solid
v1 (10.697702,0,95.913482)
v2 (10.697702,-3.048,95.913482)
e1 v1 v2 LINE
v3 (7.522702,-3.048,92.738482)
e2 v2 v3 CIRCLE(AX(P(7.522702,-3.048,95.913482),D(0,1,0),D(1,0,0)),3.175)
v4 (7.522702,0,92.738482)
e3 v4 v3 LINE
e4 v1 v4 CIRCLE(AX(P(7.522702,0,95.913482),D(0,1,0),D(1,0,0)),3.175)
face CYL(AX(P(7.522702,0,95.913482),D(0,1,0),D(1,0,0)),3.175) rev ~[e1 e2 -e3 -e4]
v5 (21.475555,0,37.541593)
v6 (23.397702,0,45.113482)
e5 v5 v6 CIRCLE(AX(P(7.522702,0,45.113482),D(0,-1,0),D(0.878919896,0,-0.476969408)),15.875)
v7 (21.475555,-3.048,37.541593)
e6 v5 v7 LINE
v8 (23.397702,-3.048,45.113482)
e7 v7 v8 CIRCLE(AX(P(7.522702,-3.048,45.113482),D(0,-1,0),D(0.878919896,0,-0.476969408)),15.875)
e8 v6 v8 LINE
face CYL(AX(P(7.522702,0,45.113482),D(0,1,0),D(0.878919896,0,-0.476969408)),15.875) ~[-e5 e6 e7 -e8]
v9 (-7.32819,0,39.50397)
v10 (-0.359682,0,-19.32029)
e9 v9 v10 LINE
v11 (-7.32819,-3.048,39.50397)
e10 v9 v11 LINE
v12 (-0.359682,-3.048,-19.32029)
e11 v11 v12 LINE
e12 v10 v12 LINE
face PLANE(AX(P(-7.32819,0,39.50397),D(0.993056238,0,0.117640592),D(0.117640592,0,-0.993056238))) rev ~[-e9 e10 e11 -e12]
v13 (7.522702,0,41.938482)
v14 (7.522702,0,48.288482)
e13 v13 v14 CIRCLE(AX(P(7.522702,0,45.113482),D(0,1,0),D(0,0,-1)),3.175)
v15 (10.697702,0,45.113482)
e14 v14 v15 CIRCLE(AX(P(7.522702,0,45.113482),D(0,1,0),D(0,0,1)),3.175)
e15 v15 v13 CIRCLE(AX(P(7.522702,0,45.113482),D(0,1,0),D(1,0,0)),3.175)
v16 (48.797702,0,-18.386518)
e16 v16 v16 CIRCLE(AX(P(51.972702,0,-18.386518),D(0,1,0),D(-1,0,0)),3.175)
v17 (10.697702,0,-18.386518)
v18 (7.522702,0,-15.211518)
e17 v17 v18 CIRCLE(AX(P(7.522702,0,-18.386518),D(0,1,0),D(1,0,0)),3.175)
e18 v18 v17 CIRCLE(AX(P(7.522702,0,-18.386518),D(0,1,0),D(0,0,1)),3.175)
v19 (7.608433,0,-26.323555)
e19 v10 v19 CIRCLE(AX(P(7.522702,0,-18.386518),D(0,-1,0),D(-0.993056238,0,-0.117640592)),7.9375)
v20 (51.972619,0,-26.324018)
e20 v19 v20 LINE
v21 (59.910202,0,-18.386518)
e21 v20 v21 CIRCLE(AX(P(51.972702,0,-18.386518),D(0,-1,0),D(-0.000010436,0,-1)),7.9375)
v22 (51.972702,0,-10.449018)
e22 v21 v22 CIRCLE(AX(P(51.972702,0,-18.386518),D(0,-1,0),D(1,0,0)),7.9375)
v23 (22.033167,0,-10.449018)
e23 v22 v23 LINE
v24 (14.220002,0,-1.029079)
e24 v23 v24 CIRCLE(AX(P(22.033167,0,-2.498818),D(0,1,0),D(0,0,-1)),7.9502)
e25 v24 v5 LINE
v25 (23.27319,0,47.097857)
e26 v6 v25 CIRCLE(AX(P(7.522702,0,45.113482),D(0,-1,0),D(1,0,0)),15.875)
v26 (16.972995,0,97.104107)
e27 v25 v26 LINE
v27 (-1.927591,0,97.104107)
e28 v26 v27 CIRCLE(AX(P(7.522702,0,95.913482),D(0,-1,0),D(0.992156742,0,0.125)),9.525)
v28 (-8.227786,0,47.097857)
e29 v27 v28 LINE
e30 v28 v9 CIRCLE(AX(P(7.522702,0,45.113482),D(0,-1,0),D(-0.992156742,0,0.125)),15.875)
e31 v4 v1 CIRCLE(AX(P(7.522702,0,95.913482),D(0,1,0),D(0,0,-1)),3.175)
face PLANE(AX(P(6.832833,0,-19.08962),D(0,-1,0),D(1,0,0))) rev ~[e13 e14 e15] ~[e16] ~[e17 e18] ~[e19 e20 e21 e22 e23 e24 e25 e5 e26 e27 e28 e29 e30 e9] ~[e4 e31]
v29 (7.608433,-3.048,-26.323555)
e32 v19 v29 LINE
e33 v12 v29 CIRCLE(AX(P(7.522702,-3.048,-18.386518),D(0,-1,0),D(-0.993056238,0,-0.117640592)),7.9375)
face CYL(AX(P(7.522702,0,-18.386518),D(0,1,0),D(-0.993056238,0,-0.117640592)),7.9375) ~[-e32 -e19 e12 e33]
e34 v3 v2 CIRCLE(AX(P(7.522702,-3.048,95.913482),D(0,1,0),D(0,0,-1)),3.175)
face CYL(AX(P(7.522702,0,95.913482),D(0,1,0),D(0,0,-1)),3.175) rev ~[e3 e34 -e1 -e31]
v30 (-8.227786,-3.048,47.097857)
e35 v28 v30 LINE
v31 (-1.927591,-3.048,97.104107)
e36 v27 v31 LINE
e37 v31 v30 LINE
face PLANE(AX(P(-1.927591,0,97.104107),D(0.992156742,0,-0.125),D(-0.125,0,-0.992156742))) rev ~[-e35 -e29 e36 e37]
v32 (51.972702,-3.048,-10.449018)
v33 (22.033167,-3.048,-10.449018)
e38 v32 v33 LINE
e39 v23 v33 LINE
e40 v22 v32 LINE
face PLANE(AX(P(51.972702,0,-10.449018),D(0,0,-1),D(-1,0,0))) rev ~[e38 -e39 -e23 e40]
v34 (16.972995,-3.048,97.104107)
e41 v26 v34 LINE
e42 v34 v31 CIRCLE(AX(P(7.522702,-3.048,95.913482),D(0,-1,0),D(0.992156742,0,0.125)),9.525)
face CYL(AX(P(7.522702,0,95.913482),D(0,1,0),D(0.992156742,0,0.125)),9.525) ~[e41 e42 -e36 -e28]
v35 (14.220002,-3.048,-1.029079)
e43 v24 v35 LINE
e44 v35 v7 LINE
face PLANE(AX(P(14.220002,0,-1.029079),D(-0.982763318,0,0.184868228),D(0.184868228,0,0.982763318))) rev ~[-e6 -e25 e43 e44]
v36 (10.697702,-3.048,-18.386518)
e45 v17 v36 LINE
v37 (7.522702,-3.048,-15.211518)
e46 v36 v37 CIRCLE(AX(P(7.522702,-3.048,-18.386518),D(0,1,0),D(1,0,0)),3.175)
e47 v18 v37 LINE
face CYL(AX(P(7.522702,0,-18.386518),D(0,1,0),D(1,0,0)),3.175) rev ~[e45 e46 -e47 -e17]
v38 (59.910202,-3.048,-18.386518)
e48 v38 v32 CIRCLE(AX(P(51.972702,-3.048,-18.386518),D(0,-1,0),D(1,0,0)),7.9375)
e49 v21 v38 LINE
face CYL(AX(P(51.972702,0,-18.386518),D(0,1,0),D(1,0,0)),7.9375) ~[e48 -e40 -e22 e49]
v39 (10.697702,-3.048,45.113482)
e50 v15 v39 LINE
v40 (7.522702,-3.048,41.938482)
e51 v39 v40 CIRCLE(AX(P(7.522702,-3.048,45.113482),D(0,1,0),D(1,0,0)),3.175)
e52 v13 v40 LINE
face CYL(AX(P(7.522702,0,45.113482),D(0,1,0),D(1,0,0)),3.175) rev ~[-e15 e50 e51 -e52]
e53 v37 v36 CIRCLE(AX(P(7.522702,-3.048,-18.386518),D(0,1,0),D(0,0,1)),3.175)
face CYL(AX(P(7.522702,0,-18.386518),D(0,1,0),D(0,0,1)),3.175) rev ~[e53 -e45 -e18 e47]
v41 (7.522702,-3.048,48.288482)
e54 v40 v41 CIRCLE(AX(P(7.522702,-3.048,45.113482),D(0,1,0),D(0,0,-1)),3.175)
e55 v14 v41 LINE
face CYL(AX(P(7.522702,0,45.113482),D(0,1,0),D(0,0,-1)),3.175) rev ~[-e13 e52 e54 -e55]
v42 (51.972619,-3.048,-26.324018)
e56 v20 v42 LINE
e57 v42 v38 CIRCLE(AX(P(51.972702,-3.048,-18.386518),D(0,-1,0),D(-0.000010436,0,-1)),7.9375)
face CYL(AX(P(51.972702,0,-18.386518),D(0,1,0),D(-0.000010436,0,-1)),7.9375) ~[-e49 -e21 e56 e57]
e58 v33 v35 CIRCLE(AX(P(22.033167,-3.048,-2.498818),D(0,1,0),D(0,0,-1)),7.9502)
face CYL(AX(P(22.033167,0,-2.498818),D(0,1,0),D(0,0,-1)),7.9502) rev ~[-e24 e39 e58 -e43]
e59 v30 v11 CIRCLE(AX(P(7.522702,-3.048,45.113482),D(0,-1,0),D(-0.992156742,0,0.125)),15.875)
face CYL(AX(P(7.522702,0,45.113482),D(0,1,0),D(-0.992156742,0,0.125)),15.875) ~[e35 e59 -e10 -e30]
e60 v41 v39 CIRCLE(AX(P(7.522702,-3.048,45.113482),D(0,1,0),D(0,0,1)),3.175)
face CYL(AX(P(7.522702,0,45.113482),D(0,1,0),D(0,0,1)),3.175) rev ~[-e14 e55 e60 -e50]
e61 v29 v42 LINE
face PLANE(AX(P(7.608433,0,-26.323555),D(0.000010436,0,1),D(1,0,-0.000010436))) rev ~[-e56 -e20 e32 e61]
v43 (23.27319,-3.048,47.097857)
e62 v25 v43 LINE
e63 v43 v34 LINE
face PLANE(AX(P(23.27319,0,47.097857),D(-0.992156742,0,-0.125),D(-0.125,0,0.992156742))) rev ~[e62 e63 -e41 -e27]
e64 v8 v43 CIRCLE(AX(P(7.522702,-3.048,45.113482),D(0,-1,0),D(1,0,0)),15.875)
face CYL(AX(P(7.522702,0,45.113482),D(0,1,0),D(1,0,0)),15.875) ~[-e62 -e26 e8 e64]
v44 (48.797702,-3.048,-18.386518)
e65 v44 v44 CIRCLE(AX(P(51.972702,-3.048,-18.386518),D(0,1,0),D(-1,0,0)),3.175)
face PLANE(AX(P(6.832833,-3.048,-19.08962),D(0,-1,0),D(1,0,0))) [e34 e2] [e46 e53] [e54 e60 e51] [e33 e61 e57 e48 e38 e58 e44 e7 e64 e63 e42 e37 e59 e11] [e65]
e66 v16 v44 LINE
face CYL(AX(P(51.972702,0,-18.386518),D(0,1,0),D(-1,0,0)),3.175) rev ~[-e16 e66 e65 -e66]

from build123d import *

# Parameters (mm, degrees)
F1_DEPTH = 3.048


with BuildPart() as f1:
    # F0 (on Front) → F1 (new body)
    with BuildSketch(Plane.XZ):
        with BuildLine():
            ThreePointArc((7.5227019244, -10.4490181237), (1.5890806412, -13.1143226875), (-0.3596819621, -19.3202903209))
            ThreePointArc((-0.3596819621, -19.3202903209), (2.2826274956, -24.3485250199), (7.6084325525, -26.3235551344))
            ThreePointArc((7.6084325525, -26.3235551344), (13.16559095, -23.9687855568), (15.4602019244, -18.3865181237))
            Line((15.4602019244, -18.3865181237), (10.6977019244, -18.3865181237))
            ThreePointArc((10.6977019244, -18.3865181237), (5.2776378942, -20.631582154), (7.5227019244, -15.2115181237))
            Line((7.5227019244, -15.2115181237), (7.5227019244, -10.4490181237))
        make_face()
        with BuildLine():
            Line((14.2200019541, -1.0290787363), (21.4755552782, 37.5415925289))
            ThreePointArc((21.4755552782, 37.5415925289), (15.6409493218, 31.4712795543), (7.5227019244, 29.2384818763))
            Line((7.5227019244, 29.2384818763), (7.5227019244, -10.4490181237))
            ThreePointArc((7.5227019244, -10.4490181237), (13.1353620001, -12.7738580481), (15.4602019244, -18.3865181237))
            Line((15.4602019244, -18.3865181237), (44.0352019244, -18.3865181237))
            ThreePointArc((44.0352019244, -18.3865181237), (46.3600418488, -12.7738580481), (51.9727019244, -10.4490181237))
            Line((51.9727019244, -10.4490181237), (22.0331668809, -10.4490181237))
            ThreePointArc((22.0331668809, -10.4490181237), (15.9139184745, -7.5742963259), (14.2200019541, -1.0290787363))
        make_face()
        with BuildLine():
            ThreePointArc((-1.9275910398, 97.1041068763), (0.3789519244, 89.6132865668), (7.5227019244, 86.3884818763))
            ThreePointArc((7.5227019244, 86.3884818763), (14.2578940152, 89.1782897855), (17.0477019244, 95.9134818763))
            ThreePointArc((17.0477019244, 95.9134818763), (17.0290068187, 96.5099651182), (16.9729948886, 97.1041068763))
            ThreePointArc((16.9729948886, 97.1041068763), (7.5227019244, 105.4384818763), (-1.9275910398, 97.1041068763))
        make_face()
        with BuildLine():
            ThreePointArc((10.6977019244, 95.9134818763), (9.7677659547, 93.668417846), (7.5227019244, 92.7384818763))
            ThreePointArc((7.5227019244, 92.7384818763), (5.2776378942, 98.1585459065), (10.6977019244, 95.9134818763))
        make_face(mode=Mode.SUBTRACT)
        with BuildLine():
            ThreePointArc((59.9102019244, -18.3865181237), (57.5853620001, -12.7738580481), (51.9727019244, -10.4490181237))
            ThreePointArc((51.9727019244, -10.4490181237), (46.3600418488, -12.7738580481), (44.0352019244, -18.3865181237))
            ThreePointArc((44.0352019244, -18.3865181237), (46.3600125617, -23.9991489122), (51.9726190879, -26.3240181233))
            ThreePointArc((51.9726190879, -26.3240181233), (57.5853327129, -23.9992074864), (59.9102019244, -18.3865181237))
        make_face()
        with BuildLine():
            ThreePointArc((55.1477019244, -18.3865181237), (51.9727019244, -21.5615181237), (48.7977019244, -18.3865181237))
            ThreePointArc((48.7977019244, -18.3865181237), (51.9727019244, -15.2115181237), (55.1477019244, -18.3865181237))
        make_face(mode=Mode.SUBTRACT)
        with BuildLine():
            ThreePointArc((23.2731901981, 47.0978568763), (18.0230274402, 57.0197318763), (7.5227019244, 60.9884818763))
            Line((7.5227019244, 60.9884818763), (7.5227019244, 48.2884818763))
            ThreePointArc((7.5227019244, 48.2884818763), (9.7677659547, 47.3585459065), (10.6977019244, 45.1134818763))
            ThreePointArc((10.6977019244, 45.1134818763), (9.7677659547, 42.868417846), (7.5227019244, 41.9384818763))
            Line((7.5227019244, 41.9384818763), (7.5227019244, 29.2384818763))
            ThreePointArc((7.5227019244, 29.2384818763), (15.6409493218, 31.4712795543), (21.4755552782, 37.5415925289))
            Line((21.4755552782, 37.5415925289), (23.2731901981, 47.0978568763))
        make_face()
        with BuildLine():
            ThreePointArc((23.3977019244, 45.1134818763), (23.3665434148, 46.1076206129), (23.2731901981, 47.0978568763))
            Line((23.2731901981, 47.0978568763), (21.4755552782, 37.5415925289))
            ThreePointArc((21.4755552782, 37.5415925289), (22.9096634827, 41.2074558901), (23.3977019244, 45.1134818763))
        make_face()
        with BuildLine():
            ThreePointArc((17.0477019244, 95.9134818763), (14.2578940152, 89.1782897855), (7.5227019244, 86.3884818763))
            Line((7.5227019244, 86.3884818763), (7.5227019244, 60.9884818763))
            ThreePointArc((7.5227019244, 60.9884818763), (18.0230274402, 57.0197318763), (23.2731901981, 47.0978568763))
            Line((23.2731901981, 47.0978568763), (16.9729948886, 97.1041068763))
            ThreePointArc((16.9729948886, 97.1041068763), (17.0290068187, 96.5099651182), (17.0477019244, 95.9134818763))
        make_face()
        with BuildLine():
            ThreePointArc((15.4602019244, -18.3865181237), (13.1353620001, -12.7738580481), (7.5227019244, -10.4490181237))
            Line((7.5227019244, -10.4490181237), (7.5227019244, -15.2115181237))
            ThreePointArc((7.5227019244, -15.2115181237), (9.7677659547, -16.1414540935), (10.6977019244, -18.3865181237))
            Line((10.6977019244, -18.3865181237), (15.4602019244, -18.3865181237))
        make_face()
        with BuildLine():
            ThreePointArc((15.4602019244, -18.3865181237), (13.16559095, -23.9687855568), (7.6084325525, -26.3235551344))
            Line((7.6084325525, -26.3235551344), (51.9726190879, -26.3240181233))
            ThreePointArc((51.9726190879, -26.3240181233), (46.3600125617, -23.9991489122), (44.0352019244, -18.3865181237))
            Line((44.0352019244, -18.3865181237), (15.4602019244, -18.3865181237))
        make_face()
        with BuildLine():
            Line((7.5227019244, 48.2884818763), (7.5227019244, 60.9884818763))
            ThreePointArc((7.5227019244, 60.9884818763), (-2.9776235914, 57.0197318763), (-8.2277863493, 47.0978568763))
            Line((-8.2277863493, 47.0978568763), (-7.3281904539, 39.5039702604))
            ThreePointArc((-7.3281904539, 39.5039702604), (-1.5040535308, 32.0546415391), (7.5227019244, 29.2384818763))
            Line((7.5227019244, 29.2384818763), (7.5227019244, 41.9384818763))
            ThreePointArc((7.5227019244, 41.9384818763), (4.3477019244, 45.1134818763), (7.5227019244, 48.2884818763))
        make_face()
        with BuildLine():
            Line((7.5227019244, 60.9884818763), (7.5227019244, 86.3884818763))
            ThreePointArc((7.5227019244, 86.3884818763), (0.3789519244, 89.6132865668), (-1.9275910398, 97.1041068763))
            Line((-1.9275910398, 97.1041068763), (-8.2277863493, 47.0978568763))
            ThreePointArc((-8.2277863493, 47.0978568763), (-2.9776235914, 57.0197318763), (7.5227019244, 60.9884818763))
        make_face()
        with BuildLine():
            ThreePointArc((7.5227019244, 29.2384818763), (-1.5040535308, 32.0546415391), (-7.3281904539, 39.5039702604))
            Line((-7.3281904539, 39.5039702604), (-0.3596819621, -19.3202903209))
            ThreePointArc((-0.3596819621, -19.3202903209), (1.5890806412, -13.1143226875), (7.5227019244, -10.4490181237))
            Line((7.5227019244, -10.4490181237), (7.5227019244, 29.2384818763))
        make_face()
        with BuildLine():
            Line((-7.3281904539, 39.5039702604), (-8.2277863493, 47.0978568763))
            ThreePointArc((-8.2277863493, 47.0978568763), (-8.2420658485, 43.245937482), (-7.3281904539, 39.5039702604))
        make_face()
    extrude(amount=F1_DEPTH)


solid = f1.part
